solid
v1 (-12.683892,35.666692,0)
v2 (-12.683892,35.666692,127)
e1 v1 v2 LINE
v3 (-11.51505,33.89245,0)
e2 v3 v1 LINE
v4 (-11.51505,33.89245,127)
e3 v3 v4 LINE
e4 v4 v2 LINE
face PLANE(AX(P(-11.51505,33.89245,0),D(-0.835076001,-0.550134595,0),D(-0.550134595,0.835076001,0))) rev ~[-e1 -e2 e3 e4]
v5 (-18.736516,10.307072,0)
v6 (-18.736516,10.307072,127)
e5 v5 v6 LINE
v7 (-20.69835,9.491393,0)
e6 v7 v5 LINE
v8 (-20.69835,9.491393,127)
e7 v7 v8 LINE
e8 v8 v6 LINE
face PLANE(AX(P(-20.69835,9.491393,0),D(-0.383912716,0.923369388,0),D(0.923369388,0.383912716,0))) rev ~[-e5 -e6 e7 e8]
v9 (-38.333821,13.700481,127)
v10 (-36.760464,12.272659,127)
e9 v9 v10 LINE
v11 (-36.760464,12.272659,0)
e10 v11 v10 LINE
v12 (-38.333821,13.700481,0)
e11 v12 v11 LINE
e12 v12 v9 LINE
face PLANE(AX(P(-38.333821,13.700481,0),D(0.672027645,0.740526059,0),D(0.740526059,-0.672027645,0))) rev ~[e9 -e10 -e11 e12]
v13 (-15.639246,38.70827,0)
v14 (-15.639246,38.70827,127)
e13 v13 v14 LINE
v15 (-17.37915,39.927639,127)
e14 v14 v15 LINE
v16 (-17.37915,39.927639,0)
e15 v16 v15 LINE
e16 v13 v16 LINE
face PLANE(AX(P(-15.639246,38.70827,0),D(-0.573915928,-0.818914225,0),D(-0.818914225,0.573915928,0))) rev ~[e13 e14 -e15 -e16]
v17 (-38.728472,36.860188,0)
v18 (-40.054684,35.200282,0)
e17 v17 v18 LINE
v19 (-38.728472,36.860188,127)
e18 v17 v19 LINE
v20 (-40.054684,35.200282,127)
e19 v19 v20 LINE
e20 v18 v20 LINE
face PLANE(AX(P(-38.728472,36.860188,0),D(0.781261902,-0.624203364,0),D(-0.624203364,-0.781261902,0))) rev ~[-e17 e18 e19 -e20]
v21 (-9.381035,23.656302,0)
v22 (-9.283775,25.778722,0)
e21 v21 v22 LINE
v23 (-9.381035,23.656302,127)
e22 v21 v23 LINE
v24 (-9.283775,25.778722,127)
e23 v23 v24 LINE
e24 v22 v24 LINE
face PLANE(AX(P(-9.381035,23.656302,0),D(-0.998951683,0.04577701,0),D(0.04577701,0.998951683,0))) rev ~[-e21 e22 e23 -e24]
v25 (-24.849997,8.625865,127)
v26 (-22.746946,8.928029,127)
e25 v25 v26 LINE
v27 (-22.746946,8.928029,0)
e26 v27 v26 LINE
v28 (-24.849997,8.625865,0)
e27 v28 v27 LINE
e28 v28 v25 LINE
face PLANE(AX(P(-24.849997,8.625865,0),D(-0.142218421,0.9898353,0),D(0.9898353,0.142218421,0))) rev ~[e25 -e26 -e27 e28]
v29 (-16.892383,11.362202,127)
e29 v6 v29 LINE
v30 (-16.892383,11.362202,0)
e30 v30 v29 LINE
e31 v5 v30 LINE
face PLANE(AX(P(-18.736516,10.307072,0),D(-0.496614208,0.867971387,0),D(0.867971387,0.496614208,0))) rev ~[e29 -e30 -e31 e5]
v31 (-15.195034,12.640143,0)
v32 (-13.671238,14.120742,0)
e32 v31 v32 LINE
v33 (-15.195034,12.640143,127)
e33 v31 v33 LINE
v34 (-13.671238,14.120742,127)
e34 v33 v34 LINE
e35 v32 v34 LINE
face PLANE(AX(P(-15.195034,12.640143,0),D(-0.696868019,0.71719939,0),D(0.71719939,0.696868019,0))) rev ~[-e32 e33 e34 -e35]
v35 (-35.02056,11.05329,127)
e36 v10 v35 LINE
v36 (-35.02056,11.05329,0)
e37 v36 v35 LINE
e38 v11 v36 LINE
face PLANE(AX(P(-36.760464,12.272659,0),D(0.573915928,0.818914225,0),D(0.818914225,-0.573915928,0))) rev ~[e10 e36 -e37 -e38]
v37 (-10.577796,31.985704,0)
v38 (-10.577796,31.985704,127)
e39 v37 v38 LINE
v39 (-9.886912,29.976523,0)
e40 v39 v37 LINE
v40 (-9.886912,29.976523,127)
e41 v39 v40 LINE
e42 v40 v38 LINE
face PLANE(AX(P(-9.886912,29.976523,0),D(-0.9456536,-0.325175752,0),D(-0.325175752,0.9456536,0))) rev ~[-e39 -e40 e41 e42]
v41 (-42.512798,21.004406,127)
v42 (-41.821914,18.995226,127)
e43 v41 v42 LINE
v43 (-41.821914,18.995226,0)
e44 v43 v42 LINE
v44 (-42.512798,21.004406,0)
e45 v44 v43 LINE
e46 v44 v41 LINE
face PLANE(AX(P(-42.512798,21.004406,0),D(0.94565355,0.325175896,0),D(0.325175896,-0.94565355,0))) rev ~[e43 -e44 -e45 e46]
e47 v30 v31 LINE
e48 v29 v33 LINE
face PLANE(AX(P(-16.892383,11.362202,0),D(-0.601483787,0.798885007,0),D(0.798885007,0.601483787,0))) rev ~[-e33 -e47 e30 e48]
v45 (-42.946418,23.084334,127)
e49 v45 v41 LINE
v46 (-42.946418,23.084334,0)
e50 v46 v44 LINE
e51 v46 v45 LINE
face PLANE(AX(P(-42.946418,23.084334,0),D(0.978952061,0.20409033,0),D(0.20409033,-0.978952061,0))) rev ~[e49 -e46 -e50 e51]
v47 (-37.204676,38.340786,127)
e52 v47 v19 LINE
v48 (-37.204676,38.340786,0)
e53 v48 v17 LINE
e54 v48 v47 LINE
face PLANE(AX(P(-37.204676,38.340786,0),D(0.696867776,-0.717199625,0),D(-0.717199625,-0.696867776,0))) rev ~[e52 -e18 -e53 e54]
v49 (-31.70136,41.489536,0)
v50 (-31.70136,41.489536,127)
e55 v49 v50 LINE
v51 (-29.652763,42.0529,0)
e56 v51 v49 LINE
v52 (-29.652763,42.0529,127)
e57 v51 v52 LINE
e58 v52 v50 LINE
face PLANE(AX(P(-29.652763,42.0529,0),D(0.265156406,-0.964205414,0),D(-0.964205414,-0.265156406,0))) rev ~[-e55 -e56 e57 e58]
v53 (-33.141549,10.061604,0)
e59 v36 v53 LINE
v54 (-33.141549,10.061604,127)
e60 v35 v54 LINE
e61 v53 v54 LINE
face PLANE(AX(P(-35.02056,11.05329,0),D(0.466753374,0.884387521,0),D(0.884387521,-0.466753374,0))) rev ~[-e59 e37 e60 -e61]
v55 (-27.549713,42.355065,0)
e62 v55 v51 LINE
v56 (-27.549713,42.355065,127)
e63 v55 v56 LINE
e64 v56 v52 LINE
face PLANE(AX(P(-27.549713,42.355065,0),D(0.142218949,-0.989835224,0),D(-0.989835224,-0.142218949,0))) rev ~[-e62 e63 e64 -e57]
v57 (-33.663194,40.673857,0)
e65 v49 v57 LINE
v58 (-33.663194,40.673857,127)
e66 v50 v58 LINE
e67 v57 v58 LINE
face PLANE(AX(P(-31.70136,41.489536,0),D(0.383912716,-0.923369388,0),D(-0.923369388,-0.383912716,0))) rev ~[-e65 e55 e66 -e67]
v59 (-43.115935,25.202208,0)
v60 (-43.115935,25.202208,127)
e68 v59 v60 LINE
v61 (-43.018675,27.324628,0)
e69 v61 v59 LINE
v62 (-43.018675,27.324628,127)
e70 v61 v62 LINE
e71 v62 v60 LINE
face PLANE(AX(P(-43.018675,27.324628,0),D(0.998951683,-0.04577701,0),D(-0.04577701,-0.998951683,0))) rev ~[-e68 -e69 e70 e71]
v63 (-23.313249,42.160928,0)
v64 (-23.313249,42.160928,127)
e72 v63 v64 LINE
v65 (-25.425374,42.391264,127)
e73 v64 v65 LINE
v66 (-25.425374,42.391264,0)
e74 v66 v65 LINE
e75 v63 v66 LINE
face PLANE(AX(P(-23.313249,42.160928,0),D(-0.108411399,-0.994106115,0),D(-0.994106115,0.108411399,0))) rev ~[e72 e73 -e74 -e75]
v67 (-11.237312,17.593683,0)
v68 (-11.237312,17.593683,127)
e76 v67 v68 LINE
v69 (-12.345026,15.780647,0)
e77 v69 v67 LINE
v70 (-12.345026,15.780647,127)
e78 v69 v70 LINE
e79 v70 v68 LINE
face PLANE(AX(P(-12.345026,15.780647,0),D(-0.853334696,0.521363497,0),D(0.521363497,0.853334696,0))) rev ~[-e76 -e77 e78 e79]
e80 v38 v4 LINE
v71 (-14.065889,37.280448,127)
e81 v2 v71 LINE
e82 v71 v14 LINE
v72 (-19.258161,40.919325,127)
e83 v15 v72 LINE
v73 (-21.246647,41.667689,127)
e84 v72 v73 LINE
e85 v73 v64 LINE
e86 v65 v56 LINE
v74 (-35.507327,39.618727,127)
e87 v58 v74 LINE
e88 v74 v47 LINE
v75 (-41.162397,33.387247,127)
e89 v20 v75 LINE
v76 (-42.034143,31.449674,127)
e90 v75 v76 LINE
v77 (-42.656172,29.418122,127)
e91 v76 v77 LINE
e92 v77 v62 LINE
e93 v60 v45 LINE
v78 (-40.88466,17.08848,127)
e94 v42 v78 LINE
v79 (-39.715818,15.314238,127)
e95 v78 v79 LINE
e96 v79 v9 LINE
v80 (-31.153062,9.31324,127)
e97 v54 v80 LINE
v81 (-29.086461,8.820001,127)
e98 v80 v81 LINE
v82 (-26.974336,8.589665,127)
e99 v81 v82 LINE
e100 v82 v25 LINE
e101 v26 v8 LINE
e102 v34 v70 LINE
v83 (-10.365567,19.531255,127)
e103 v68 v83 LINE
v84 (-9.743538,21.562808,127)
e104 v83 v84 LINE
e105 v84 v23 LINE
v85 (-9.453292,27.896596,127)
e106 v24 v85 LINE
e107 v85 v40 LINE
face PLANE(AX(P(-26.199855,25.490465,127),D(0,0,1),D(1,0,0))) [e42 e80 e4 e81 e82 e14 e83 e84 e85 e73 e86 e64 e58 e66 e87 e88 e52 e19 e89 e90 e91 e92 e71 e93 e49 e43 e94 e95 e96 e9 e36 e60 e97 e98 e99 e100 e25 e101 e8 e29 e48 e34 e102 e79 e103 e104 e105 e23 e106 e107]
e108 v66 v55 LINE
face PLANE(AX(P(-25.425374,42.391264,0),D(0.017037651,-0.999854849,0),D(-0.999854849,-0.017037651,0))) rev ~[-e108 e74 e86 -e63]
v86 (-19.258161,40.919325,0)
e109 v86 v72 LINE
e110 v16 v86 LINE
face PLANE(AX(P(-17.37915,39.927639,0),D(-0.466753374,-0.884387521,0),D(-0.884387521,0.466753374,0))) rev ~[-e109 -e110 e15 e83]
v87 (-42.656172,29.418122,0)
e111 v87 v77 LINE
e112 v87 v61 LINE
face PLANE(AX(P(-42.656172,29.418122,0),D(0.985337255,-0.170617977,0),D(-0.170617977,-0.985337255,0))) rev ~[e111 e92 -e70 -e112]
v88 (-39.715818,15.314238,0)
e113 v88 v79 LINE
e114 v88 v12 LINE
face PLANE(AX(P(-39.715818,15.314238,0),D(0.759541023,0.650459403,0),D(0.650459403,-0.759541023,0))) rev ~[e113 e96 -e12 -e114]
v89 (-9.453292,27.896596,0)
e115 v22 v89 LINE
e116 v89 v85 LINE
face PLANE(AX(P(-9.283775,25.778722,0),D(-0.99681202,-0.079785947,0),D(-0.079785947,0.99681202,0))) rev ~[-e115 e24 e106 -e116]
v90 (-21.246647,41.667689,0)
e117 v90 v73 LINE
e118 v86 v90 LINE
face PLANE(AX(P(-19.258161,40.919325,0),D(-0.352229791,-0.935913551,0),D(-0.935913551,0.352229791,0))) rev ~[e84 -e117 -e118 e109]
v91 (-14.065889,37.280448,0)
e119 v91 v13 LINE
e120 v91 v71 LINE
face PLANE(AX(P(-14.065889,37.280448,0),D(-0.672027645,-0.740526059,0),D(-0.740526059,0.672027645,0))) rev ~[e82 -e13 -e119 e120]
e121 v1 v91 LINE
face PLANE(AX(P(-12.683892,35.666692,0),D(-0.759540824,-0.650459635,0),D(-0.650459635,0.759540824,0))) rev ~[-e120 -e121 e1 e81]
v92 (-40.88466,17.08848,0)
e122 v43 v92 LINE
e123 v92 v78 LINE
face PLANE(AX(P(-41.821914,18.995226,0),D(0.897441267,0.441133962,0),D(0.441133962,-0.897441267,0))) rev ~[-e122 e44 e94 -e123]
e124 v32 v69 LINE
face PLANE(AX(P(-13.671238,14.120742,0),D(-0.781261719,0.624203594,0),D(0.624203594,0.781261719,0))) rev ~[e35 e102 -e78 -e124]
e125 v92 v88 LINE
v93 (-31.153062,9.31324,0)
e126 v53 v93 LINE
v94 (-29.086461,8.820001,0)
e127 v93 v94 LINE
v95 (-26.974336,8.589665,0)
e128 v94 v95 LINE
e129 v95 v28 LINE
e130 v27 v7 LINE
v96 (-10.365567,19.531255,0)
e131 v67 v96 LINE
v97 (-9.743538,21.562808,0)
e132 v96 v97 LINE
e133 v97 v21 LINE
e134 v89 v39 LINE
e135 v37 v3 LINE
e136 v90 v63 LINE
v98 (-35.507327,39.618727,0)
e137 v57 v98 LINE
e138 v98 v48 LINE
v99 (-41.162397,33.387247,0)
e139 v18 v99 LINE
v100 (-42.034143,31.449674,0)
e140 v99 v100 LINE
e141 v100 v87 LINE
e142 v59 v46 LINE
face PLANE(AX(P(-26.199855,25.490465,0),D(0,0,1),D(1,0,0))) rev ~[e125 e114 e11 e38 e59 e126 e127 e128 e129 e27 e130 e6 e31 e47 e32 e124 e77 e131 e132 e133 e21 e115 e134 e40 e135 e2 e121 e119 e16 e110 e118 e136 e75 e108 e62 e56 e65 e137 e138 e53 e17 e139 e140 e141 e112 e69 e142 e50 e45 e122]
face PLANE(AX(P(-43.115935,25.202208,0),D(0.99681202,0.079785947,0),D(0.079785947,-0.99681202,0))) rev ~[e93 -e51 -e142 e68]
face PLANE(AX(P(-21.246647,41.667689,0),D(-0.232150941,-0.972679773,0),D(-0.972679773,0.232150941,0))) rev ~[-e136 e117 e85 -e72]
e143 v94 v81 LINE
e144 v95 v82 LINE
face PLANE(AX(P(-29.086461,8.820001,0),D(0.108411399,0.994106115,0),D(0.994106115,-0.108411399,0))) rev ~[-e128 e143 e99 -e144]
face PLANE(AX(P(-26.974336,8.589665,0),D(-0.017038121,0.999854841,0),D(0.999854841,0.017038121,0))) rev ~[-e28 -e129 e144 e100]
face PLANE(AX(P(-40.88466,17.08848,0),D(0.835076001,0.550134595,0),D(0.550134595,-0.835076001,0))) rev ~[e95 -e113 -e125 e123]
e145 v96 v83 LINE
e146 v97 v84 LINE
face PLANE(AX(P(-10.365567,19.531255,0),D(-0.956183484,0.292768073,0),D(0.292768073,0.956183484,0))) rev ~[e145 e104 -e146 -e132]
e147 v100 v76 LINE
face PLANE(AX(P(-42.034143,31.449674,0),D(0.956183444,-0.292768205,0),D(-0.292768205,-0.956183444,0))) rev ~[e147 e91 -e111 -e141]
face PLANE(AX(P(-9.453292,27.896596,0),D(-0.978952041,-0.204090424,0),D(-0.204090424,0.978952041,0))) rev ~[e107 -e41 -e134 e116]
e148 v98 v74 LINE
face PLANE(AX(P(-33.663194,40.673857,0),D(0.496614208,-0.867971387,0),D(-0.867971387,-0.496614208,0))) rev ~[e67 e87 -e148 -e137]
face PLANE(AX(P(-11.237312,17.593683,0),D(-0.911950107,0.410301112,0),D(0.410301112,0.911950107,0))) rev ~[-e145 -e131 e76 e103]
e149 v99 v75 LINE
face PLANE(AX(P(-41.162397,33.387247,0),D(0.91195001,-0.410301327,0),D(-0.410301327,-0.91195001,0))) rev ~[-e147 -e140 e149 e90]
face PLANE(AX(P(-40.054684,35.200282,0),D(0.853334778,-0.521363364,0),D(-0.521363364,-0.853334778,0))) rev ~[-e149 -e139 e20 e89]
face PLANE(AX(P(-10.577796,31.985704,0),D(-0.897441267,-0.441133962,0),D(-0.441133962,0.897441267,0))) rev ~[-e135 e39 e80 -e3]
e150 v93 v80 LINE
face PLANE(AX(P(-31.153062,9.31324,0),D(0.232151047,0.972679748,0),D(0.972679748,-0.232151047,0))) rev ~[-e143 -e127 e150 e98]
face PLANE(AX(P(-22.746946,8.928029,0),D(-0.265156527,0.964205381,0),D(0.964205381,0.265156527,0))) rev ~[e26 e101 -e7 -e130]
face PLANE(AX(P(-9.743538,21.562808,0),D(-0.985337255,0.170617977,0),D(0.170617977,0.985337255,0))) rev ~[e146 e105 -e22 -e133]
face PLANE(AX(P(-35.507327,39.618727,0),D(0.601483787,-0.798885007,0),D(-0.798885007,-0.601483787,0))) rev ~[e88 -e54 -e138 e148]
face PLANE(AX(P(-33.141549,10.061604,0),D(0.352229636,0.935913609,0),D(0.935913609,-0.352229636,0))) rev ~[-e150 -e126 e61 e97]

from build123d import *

# Parameters (mm, degrees)
F1_DEPTH = 127


with BuildPart() as f1:
    # F0 (on Top) → F1 (new body)
    with BuildSketch(Plane.XY):
        Polygon((-22.746946, 8.928029), (-20.69835, 9.491393), (-18.736516, 10.307072), (-16.892383, 11.362202), (-15.195034, 12.640143), (-13.671238, 14.120742), (-12.345026, 15.780647), (-11.237312, 17.593683), (-10.365567, 19.531255), (-9.743538, 21.562808), (-9.381035, 23.656302), (-9.283775, 25.778722), (-9.453292, 27.896596), (-9.886912, 29.976523), (-10.577796, 31.985704), (-11.51505, 33.89245), (-12.683892, 35.666692), (-14.065889, 37.280448), (-15.639246, 38.70827), (-17.37915, 39.927639), (-19.258161, 40.919325), (-21.246647, 41.667689), (-23.313249, 42.160928), (-25.425374, 42.391264), (-27.549713, 42.355065), (-29.652763, 42.0529), (-31.70136, 41.489536), (-33.663194, 40.673857), (-35.507327, 39.618727), (-37.204676, 38.340786), (-38.728472, 36.860188), (-40.054684, 35.200282), (-41.162397, 33.387247), (-42.034143, 31.449674), (-42.656172, 29.418122), (-43.018675, 27.324628), (-43.115935, 25.202208), (-42.946418, 23.084334), (-42.512798, 21.004406), (-41.821914, 18.995226), (-40.88466, 17.08848), (-39.715818, 15.314238), (-38.333821, 13.700481), (-36.760464, 12.272659), (-35.02056, 11.05329), (-33.141549, 10.061604), (-31.153062, 9.31324), (-29.086461, 8.820001), (-26.974336, 8.589665), (-24.849997, 8.625865), align=None)
    extrude(amount=F1_DEPTH)


solid = f1.part
